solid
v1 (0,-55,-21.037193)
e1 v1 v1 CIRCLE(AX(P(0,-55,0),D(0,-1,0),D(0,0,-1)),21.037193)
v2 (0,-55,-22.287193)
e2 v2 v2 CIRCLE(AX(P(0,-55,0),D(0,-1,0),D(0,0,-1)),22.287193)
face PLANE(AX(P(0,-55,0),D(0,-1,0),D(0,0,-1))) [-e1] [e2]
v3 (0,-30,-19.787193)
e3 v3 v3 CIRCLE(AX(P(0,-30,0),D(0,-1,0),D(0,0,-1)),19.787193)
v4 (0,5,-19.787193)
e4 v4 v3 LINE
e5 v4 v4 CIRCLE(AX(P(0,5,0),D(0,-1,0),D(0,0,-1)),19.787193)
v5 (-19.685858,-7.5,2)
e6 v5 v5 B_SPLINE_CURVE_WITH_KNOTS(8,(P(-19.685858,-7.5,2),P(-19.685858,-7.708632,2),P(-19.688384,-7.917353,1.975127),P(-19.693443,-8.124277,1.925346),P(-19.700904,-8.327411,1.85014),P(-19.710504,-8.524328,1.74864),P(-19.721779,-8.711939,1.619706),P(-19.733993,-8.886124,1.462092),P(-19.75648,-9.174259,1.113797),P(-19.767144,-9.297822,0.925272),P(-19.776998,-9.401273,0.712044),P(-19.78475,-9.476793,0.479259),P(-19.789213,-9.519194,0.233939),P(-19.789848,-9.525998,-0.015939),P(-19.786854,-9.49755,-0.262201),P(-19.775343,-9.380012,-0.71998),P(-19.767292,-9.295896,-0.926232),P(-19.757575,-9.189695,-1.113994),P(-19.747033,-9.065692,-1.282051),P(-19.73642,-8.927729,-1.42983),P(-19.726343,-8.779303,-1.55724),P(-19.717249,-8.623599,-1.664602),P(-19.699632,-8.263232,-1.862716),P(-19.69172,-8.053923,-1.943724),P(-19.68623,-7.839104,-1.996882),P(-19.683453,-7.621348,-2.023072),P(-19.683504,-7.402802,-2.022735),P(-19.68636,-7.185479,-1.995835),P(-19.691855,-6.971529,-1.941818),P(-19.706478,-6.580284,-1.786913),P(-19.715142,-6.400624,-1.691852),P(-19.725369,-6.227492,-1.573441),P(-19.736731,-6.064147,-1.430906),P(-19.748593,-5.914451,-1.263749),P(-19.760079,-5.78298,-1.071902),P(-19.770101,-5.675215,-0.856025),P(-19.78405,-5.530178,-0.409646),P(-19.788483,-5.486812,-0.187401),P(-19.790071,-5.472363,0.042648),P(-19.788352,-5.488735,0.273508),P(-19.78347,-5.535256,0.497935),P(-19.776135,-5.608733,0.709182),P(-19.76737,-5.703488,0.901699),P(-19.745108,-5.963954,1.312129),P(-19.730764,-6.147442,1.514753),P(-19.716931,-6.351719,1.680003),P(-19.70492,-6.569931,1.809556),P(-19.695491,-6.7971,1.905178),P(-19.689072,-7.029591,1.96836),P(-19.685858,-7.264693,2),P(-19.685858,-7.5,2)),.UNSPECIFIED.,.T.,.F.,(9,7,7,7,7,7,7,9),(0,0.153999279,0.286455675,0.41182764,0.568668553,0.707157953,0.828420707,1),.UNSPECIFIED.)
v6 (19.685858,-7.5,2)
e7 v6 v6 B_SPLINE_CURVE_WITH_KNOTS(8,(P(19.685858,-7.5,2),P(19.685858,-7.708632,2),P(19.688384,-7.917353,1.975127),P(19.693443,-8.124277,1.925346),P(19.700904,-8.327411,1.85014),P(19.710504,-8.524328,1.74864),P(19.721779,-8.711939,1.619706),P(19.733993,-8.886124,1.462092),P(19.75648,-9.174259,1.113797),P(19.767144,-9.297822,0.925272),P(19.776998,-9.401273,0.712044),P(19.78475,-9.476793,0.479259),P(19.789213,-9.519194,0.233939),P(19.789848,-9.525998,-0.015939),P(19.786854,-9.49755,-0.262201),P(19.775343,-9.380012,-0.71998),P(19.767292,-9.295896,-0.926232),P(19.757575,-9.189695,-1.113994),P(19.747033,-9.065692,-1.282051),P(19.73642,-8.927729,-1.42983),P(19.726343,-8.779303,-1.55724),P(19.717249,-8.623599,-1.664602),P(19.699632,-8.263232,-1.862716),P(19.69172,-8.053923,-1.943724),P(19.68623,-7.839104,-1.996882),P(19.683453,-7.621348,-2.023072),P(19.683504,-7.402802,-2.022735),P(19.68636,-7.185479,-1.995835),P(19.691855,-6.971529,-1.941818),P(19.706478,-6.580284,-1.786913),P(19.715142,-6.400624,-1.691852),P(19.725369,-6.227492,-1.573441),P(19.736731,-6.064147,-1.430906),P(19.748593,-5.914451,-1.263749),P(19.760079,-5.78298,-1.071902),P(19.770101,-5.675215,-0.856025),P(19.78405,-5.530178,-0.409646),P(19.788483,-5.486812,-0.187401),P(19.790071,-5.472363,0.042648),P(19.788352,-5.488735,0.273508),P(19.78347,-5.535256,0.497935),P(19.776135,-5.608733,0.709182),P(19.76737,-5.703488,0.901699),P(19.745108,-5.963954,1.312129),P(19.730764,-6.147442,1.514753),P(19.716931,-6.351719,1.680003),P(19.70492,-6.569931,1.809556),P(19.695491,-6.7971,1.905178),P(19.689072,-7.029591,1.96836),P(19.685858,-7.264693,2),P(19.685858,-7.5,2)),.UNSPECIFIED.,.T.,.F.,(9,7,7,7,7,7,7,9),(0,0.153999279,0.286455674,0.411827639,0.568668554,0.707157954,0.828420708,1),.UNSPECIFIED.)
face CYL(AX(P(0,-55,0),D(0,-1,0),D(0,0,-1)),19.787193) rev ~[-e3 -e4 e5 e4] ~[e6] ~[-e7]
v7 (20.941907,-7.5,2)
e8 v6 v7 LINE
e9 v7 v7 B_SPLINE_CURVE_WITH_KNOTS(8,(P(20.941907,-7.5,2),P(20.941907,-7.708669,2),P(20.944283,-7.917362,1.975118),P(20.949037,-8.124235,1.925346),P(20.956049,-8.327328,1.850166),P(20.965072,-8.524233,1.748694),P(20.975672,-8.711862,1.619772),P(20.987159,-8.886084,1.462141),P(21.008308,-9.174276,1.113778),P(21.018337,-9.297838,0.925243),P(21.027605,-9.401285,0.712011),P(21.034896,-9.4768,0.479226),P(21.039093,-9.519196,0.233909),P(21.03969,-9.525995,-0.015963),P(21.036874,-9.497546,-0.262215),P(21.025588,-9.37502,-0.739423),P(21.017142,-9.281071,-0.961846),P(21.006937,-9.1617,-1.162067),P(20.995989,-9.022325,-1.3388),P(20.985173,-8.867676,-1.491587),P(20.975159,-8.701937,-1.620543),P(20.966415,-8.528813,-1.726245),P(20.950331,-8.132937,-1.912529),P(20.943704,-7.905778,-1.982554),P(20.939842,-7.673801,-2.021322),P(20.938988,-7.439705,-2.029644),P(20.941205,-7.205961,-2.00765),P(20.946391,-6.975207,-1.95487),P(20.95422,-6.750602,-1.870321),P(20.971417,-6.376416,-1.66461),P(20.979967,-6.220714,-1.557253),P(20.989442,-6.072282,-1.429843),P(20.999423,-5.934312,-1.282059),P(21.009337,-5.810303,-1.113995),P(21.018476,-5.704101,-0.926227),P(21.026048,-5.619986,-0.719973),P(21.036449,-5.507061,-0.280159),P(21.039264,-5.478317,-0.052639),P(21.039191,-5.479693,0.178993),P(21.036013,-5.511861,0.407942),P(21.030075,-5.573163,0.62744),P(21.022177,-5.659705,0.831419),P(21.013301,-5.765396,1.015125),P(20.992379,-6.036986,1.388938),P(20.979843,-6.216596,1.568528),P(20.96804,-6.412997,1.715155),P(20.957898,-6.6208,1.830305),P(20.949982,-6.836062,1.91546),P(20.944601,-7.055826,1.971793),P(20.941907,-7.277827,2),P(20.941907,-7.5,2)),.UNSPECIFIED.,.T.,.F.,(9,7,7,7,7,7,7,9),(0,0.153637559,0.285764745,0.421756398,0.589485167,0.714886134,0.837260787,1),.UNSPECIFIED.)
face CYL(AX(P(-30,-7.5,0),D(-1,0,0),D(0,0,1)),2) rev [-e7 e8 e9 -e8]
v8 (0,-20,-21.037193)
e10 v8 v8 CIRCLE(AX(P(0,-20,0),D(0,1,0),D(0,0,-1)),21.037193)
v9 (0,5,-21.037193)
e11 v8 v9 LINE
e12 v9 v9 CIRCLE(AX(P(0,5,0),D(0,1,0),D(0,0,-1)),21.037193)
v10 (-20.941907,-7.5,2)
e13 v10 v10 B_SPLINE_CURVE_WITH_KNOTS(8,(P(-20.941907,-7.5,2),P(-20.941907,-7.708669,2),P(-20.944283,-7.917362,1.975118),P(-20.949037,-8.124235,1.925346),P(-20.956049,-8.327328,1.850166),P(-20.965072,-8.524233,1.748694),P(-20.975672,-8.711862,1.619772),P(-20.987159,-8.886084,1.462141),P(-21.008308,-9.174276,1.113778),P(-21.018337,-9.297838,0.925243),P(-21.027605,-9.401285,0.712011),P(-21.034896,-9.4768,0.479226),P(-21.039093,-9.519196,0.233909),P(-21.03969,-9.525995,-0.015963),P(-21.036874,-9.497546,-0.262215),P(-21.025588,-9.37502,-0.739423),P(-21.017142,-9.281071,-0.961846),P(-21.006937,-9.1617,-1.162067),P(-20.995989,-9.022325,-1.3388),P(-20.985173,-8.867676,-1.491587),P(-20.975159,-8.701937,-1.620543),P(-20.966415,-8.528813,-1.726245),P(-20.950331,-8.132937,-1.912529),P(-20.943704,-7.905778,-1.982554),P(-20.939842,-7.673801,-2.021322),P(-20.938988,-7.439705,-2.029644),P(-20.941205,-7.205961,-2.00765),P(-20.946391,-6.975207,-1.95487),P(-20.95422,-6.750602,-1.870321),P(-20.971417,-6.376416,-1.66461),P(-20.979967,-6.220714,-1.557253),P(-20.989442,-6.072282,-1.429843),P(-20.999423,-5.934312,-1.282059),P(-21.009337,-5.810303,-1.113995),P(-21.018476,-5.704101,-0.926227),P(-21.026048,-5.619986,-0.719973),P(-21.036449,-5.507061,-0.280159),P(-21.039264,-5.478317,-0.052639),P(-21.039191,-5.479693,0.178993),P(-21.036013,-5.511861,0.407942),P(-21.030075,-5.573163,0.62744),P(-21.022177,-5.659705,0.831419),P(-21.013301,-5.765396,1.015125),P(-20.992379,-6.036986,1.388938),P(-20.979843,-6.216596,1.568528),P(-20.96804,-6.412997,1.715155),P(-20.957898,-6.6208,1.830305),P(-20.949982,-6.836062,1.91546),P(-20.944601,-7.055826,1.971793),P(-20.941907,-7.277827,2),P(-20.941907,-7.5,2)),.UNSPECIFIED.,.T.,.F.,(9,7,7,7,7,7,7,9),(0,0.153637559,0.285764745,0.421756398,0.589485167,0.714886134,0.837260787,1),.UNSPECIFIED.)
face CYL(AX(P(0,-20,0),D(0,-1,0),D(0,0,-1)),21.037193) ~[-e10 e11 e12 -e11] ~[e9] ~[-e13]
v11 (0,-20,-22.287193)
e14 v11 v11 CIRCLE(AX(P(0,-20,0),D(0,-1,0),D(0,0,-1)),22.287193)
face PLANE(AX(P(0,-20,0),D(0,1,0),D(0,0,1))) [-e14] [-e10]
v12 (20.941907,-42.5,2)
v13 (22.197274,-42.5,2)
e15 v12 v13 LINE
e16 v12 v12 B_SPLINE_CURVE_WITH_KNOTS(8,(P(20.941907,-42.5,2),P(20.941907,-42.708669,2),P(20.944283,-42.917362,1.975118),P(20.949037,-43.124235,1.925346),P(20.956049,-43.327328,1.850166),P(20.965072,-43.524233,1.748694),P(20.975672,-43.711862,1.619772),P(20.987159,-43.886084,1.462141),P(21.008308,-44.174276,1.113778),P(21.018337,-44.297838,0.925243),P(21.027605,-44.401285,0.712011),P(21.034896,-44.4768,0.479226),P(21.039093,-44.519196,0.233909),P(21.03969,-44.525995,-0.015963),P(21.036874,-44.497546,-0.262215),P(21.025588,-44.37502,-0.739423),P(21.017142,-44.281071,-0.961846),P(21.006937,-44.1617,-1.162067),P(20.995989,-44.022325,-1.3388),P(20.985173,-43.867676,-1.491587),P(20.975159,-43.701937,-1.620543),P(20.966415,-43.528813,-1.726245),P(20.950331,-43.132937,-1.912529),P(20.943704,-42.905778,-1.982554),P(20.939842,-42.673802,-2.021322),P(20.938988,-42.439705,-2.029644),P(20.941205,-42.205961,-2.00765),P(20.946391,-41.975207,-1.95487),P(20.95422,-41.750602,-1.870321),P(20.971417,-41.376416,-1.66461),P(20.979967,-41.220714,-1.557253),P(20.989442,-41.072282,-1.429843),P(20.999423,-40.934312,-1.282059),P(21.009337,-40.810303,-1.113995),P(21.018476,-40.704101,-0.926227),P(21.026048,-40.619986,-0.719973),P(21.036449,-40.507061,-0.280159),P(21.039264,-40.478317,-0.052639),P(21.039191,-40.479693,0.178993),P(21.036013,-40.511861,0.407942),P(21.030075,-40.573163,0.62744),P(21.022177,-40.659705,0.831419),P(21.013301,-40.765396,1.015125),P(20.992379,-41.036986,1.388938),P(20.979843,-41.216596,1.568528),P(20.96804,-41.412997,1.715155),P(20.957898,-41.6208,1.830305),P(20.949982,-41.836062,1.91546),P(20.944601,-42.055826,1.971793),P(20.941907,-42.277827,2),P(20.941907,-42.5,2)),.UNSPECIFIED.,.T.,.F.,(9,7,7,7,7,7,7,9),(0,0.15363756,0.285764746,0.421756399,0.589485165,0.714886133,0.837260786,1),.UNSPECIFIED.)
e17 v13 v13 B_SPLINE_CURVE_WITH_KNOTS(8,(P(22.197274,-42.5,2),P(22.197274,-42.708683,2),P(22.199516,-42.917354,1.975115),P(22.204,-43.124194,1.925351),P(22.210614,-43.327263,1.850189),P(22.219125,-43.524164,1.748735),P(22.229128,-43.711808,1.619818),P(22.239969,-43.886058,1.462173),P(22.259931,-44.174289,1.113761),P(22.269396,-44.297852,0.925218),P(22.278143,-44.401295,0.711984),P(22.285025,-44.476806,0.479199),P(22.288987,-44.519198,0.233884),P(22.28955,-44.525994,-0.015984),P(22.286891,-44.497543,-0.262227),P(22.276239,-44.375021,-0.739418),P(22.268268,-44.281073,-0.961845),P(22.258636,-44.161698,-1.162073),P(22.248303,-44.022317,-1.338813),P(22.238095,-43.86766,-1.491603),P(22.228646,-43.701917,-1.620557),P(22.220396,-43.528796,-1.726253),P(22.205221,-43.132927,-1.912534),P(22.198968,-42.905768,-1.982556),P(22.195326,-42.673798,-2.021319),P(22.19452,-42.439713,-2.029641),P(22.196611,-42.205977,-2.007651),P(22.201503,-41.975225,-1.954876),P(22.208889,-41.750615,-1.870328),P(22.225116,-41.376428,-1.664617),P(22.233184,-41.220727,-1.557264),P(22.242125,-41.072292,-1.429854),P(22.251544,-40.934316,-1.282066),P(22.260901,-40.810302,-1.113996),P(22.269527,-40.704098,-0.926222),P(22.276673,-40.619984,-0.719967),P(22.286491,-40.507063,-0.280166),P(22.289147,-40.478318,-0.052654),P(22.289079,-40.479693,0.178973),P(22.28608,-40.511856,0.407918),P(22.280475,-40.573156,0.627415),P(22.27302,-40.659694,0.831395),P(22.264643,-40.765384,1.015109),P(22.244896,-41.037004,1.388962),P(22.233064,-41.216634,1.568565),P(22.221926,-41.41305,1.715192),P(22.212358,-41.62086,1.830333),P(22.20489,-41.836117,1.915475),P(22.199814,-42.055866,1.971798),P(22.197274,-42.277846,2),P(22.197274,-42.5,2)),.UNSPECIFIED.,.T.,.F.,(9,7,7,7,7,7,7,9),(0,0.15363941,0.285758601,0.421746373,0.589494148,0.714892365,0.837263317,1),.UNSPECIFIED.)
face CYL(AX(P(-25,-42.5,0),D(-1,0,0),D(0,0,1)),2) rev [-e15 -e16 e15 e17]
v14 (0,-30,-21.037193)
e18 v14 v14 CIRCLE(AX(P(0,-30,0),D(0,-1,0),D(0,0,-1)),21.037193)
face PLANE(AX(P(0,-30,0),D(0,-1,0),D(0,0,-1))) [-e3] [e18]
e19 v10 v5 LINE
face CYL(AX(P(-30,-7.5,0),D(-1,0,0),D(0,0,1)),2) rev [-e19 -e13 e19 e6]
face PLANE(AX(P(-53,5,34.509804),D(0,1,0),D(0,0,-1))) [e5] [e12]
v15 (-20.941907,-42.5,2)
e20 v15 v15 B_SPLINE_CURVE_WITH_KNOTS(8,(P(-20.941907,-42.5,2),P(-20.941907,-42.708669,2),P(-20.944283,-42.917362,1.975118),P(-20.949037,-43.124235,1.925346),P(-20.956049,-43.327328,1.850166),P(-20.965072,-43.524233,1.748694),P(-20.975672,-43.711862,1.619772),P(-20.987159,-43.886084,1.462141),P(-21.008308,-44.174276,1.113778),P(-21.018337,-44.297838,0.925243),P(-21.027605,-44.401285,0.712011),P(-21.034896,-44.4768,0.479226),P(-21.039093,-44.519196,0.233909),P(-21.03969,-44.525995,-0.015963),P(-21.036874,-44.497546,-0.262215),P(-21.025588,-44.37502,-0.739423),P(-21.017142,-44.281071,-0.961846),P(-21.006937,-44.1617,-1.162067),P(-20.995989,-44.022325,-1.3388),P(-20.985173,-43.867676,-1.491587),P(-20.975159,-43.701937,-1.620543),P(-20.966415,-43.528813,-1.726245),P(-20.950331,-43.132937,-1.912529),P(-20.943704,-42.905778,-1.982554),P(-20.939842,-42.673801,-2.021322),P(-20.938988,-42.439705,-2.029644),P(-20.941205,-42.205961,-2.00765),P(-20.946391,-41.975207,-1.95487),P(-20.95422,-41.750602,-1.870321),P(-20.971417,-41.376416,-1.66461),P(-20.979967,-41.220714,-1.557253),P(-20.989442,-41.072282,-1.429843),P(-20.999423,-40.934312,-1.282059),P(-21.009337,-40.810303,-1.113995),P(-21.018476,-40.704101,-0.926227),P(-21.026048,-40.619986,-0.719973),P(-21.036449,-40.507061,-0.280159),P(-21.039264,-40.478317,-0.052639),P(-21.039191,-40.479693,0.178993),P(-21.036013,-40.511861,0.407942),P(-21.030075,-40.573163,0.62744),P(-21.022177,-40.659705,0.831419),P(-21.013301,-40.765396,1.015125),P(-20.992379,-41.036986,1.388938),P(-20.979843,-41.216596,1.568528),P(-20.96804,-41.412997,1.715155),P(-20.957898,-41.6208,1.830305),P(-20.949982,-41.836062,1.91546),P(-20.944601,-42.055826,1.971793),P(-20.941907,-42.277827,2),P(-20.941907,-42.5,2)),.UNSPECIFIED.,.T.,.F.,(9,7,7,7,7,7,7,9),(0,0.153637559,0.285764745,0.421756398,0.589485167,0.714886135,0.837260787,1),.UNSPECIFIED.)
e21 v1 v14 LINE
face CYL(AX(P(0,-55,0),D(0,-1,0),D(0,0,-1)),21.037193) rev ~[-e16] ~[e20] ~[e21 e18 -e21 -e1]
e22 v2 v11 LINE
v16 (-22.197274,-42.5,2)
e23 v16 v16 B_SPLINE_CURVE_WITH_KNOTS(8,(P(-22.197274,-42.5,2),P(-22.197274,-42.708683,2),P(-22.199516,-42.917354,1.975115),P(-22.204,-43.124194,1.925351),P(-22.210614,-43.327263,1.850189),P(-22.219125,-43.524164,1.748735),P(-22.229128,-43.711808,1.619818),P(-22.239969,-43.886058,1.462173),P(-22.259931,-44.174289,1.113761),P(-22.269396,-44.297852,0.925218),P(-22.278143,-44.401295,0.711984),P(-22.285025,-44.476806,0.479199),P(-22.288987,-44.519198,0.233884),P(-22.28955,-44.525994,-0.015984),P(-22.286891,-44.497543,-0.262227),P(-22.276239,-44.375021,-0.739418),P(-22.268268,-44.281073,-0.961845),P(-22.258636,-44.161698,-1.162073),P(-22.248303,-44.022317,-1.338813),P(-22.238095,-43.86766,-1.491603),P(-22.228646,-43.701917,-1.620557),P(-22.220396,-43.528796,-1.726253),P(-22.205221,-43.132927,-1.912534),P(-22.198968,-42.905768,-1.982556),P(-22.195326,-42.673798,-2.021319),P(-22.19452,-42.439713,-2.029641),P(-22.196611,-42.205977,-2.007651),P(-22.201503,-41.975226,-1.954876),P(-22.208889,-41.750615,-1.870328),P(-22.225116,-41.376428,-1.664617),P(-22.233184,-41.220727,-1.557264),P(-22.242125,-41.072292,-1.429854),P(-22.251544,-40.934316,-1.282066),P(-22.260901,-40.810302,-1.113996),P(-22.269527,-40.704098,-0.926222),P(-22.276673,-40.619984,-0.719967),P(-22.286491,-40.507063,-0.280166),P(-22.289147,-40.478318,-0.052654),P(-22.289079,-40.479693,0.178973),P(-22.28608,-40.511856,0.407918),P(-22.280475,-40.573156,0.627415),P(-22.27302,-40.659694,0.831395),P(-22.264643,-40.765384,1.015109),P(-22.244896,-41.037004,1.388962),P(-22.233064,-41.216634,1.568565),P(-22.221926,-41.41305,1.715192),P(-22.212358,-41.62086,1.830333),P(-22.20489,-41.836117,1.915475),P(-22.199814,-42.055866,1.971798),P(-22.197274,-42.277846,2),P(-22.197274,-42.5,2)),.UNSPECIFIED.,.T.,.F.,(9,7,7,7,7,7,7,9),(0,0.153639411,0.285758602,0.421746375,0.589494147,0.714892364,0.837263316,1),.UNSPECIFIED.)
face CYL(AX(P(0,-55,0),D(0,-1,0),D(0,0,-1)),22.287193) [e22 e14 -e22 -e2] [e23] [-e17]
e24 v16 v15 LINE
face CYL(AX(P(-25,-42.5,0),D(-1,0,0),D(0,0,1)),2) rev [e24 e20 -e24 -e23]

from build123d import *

# Parameters (mm, degrees)
SKETCH1_R               = 34
BOSS_EXTRUDE1_DEPTH     = 10
SKETCH2_R               = 19.7871926
SKETCH2_R_2             = 2
CUT_EXTRUDE1_DEPTH      = 10
SKETCH3_R               = 4.837531333
SKETCH4_W               = 4.837531333
SKETCH4_H               = 4.837531333
CUT_EXTRUDE3_DEPTH      = 38
CUT_EXTRUDE3_DEPTH_BACK = 38
SKETCH5_W               = 72.361656805
SKETCH5_H               = 8.896778435
BOSS_EXTRUDE2_START     = 60
SKETCH6_R               = 22.2871926
SKETCH6_R_2             = 19.7871926
BOSS_EXTRUDE2_DEPTH     = 60
SKETCH7_R               = 21.0371926
SKETCH7_R_2             = 19.7871926
CUT_EXTRUDE4_DEPTH      = 25
CUT_EXTRUDE6_DEPTH      = 25
CUT_EXTRUDE6_DEPTH_BACK = 25
SKETCH8_R               = 2
CUT_EXTRUDE7_DEPTH      = 43
CUT_EXTRUDE7_DEPTH_BACK = 53
SKETCH9_W               = 69.351432881
SKETCH9_H               = 5.737807944
CUT_EXTRUDE8_START      = -25
SKETCH10_R              = 22.2871926
SKETCH10_R_2            = 21.0371926
CUT_EXTRUDE8_DEPTH      = 25
CUT_EXTRUDE9_DEPTH      = 30
CUT_EXTRUDE9_DEPTH_BACK = 30
SKETCH11_R              = 2


with BuildPart() as part:
    # Sketch1 → Boss-Extrude1 (new body)
    with BuildSketch(Plane(origin=(0, 0, 0), x_dir=(1, 0, 0), z_dir=(0, 1, 0))):
        Circle(SKETCH1_R)
    extrude(amount=BOSS_EXTRUDE1_DEPTH)

    # Sketch2 → Cut-Extrude1 (cut)
    with BuildSketch(Plane.XZ):
        Circle(SKETCH2_R)
        with Locations((-22.1, 12.5)):
            Circle(SKETCH2_R_2)
        with Locations((22.1, 12.5)):
            Circle(SKETCH2_R_2)
        with Locations((22.1, -12.5)):
            Circle(SKETCH2_R_2)
        with Locations((-22.1, -12.5)):
            Circle(SKETCH2_R_2)
    extrude(amount=-CUT_EXTRUDE1_DEPTH, mode=Mode.SUBTRACT)

    # Sketch3 → Cut-Revolve1 (revolve, cut)
    with BuildSketch(Plane(origin=(0, 0, 0), x_dir=(0, 0, -1), z_dir=(1, 0, 0))):
        with Locations((-34, 5)):
            Circle(SKETCH3_R)
    revolve(axis=Axis((0, 0, 0), (0, 1, 0)), mode=Mode.SUBTRACT)

    # Sketch4 → Cut-Revolve2 (revolve, cut)
    with BuildSketch(Plane(origin=(0, 0, 0), x_dir=(0, 0, -1), z_dir=(1, 0, 0))):
        with Locations((-31.581234333, 2.581234333)):
            Rectangle(SKETCH4_W, SKETCH4_H)
    revolve(axis=Axis((0, 0, 0), (0, 1, 0)), mode=Mode.SUBTRACT)

    # Sketch5 → Cut-Extrude3 (cut, two sides: drawn at the far end of the back side and taken through both)
    with BuildSketch(Plane(origin=(0, 0, 0), x_dir=(0, 0, -1), z_dir=(1, 0, 0)).offset(-CUT_EXTRUDE3_DEPTH_BACK)):
        with Locations((-0.901301775, 0.551610782)):
            Rectangle(SKETCH5_W, SKETCH5_H)
    extrude(amount=CUT_EXTRUDE3_DEPTH + CUT_EXTRUDE3_DEPTH_BACK, mode=Mode.SUBTRACT)

    # Sketch6 → Boss-Extrude2 (add)
    with BuildSketch(Plane.XZ.offset(-5).offset(BOSS_EXTRUDE2_START)):
        Circle(SKETCH6_R)
        Circle(SKETCH6_R_2, mode=Mode.SUBTRACT)
    extrude(amount=-BOSS_EXTRUDE2_DEPTH)

    # Sketch7 → Cut-Extrude4 (cut)
    with BuildSketch(Plane.XZ.offset(55)):
        Circle(SKETCH7_R)
        Circle(SKETCH7_R_2, mode=Mode.SUBTRACT)
    extrude(amount=-CUT_EXTRUDE4_DEPTH, mode=Mode.SUBTRACT)

    # Sketch8 → Cut-Extrude6 (cut, two sides: drawn at the far end of the back side and taken through both)
    with BuildSketch(Plane(origin=(0, 0, 0), x_dir=(0, 0, -1), z_dir=(1, 0, 0)).offset(-CUT_EXTRUDE6_DEPTH_BACK)):
        with Locations((0, -42.5)):
            Circle(SKETCH8_R)
    extrude(amount=CUT_EXTRUDE6_DEPTH + CUT_EXTRUDE6_DEPTH_BACK, mode=Mode.SUBTRACT)

    # Sketch9 → Cut-Extrude7 (cut, two sides: drawn at the far end of the back side and taken through both)
    with BuildSketch(Plane(origin=(0, 0, 0), x_dir=(0, 0, -1), z_dir=(1, 0, 0)).offset(-CUT_EXTRUDE7_DEPTH_BACK)):
        with Locations((0.165912519, 7.868903972)):
            Rectangle(SKETCH9_W, SKETCH9_H)
    extrude(amount=CUT_EXTRUDE7_DEPTH + CUT_EXTRUDE7_DEPTH_BACK, mode=Mode.SUBTRACT)

    # Sketch10 → Cut-Extrude8 (cut)
    with BuildSketch(Plane(origin=(0, 5, 0), x_dir=(1, 0, 0), z_dir=(0, 1, 0)).offset(CUT_EXTRUDE8_START)):
        Circle(SKETCH10_R)
        Circle(SKETCH10_R_2, mode=Mode.SUBTRACT)
    extrude(amount=CUT_EXTRUDE8_DEPTH, mode=Mode.SUBTRACT)

    # Sketch11 → Cut-Extrude9 (cut, two sides: drawn at the far end of the back side and taken through both)
    with BuildSketch(Plane(origin=(0, 0, 0), x_dir=(0, 0, -1), z_dir=(1, 0, 0)).offset(-CUT_EXTRUDE9_DEPTH_BACK)):
        with Locations((0, -7.5)):
            Circle(SKETCH11_R)
    extrude(amount=CUT_EXTRUDE9_DEPTH + CUT_EXTRUDE9_DEPTH_BACK, mode=Mode.SUBTRACT)


solid = part.part
